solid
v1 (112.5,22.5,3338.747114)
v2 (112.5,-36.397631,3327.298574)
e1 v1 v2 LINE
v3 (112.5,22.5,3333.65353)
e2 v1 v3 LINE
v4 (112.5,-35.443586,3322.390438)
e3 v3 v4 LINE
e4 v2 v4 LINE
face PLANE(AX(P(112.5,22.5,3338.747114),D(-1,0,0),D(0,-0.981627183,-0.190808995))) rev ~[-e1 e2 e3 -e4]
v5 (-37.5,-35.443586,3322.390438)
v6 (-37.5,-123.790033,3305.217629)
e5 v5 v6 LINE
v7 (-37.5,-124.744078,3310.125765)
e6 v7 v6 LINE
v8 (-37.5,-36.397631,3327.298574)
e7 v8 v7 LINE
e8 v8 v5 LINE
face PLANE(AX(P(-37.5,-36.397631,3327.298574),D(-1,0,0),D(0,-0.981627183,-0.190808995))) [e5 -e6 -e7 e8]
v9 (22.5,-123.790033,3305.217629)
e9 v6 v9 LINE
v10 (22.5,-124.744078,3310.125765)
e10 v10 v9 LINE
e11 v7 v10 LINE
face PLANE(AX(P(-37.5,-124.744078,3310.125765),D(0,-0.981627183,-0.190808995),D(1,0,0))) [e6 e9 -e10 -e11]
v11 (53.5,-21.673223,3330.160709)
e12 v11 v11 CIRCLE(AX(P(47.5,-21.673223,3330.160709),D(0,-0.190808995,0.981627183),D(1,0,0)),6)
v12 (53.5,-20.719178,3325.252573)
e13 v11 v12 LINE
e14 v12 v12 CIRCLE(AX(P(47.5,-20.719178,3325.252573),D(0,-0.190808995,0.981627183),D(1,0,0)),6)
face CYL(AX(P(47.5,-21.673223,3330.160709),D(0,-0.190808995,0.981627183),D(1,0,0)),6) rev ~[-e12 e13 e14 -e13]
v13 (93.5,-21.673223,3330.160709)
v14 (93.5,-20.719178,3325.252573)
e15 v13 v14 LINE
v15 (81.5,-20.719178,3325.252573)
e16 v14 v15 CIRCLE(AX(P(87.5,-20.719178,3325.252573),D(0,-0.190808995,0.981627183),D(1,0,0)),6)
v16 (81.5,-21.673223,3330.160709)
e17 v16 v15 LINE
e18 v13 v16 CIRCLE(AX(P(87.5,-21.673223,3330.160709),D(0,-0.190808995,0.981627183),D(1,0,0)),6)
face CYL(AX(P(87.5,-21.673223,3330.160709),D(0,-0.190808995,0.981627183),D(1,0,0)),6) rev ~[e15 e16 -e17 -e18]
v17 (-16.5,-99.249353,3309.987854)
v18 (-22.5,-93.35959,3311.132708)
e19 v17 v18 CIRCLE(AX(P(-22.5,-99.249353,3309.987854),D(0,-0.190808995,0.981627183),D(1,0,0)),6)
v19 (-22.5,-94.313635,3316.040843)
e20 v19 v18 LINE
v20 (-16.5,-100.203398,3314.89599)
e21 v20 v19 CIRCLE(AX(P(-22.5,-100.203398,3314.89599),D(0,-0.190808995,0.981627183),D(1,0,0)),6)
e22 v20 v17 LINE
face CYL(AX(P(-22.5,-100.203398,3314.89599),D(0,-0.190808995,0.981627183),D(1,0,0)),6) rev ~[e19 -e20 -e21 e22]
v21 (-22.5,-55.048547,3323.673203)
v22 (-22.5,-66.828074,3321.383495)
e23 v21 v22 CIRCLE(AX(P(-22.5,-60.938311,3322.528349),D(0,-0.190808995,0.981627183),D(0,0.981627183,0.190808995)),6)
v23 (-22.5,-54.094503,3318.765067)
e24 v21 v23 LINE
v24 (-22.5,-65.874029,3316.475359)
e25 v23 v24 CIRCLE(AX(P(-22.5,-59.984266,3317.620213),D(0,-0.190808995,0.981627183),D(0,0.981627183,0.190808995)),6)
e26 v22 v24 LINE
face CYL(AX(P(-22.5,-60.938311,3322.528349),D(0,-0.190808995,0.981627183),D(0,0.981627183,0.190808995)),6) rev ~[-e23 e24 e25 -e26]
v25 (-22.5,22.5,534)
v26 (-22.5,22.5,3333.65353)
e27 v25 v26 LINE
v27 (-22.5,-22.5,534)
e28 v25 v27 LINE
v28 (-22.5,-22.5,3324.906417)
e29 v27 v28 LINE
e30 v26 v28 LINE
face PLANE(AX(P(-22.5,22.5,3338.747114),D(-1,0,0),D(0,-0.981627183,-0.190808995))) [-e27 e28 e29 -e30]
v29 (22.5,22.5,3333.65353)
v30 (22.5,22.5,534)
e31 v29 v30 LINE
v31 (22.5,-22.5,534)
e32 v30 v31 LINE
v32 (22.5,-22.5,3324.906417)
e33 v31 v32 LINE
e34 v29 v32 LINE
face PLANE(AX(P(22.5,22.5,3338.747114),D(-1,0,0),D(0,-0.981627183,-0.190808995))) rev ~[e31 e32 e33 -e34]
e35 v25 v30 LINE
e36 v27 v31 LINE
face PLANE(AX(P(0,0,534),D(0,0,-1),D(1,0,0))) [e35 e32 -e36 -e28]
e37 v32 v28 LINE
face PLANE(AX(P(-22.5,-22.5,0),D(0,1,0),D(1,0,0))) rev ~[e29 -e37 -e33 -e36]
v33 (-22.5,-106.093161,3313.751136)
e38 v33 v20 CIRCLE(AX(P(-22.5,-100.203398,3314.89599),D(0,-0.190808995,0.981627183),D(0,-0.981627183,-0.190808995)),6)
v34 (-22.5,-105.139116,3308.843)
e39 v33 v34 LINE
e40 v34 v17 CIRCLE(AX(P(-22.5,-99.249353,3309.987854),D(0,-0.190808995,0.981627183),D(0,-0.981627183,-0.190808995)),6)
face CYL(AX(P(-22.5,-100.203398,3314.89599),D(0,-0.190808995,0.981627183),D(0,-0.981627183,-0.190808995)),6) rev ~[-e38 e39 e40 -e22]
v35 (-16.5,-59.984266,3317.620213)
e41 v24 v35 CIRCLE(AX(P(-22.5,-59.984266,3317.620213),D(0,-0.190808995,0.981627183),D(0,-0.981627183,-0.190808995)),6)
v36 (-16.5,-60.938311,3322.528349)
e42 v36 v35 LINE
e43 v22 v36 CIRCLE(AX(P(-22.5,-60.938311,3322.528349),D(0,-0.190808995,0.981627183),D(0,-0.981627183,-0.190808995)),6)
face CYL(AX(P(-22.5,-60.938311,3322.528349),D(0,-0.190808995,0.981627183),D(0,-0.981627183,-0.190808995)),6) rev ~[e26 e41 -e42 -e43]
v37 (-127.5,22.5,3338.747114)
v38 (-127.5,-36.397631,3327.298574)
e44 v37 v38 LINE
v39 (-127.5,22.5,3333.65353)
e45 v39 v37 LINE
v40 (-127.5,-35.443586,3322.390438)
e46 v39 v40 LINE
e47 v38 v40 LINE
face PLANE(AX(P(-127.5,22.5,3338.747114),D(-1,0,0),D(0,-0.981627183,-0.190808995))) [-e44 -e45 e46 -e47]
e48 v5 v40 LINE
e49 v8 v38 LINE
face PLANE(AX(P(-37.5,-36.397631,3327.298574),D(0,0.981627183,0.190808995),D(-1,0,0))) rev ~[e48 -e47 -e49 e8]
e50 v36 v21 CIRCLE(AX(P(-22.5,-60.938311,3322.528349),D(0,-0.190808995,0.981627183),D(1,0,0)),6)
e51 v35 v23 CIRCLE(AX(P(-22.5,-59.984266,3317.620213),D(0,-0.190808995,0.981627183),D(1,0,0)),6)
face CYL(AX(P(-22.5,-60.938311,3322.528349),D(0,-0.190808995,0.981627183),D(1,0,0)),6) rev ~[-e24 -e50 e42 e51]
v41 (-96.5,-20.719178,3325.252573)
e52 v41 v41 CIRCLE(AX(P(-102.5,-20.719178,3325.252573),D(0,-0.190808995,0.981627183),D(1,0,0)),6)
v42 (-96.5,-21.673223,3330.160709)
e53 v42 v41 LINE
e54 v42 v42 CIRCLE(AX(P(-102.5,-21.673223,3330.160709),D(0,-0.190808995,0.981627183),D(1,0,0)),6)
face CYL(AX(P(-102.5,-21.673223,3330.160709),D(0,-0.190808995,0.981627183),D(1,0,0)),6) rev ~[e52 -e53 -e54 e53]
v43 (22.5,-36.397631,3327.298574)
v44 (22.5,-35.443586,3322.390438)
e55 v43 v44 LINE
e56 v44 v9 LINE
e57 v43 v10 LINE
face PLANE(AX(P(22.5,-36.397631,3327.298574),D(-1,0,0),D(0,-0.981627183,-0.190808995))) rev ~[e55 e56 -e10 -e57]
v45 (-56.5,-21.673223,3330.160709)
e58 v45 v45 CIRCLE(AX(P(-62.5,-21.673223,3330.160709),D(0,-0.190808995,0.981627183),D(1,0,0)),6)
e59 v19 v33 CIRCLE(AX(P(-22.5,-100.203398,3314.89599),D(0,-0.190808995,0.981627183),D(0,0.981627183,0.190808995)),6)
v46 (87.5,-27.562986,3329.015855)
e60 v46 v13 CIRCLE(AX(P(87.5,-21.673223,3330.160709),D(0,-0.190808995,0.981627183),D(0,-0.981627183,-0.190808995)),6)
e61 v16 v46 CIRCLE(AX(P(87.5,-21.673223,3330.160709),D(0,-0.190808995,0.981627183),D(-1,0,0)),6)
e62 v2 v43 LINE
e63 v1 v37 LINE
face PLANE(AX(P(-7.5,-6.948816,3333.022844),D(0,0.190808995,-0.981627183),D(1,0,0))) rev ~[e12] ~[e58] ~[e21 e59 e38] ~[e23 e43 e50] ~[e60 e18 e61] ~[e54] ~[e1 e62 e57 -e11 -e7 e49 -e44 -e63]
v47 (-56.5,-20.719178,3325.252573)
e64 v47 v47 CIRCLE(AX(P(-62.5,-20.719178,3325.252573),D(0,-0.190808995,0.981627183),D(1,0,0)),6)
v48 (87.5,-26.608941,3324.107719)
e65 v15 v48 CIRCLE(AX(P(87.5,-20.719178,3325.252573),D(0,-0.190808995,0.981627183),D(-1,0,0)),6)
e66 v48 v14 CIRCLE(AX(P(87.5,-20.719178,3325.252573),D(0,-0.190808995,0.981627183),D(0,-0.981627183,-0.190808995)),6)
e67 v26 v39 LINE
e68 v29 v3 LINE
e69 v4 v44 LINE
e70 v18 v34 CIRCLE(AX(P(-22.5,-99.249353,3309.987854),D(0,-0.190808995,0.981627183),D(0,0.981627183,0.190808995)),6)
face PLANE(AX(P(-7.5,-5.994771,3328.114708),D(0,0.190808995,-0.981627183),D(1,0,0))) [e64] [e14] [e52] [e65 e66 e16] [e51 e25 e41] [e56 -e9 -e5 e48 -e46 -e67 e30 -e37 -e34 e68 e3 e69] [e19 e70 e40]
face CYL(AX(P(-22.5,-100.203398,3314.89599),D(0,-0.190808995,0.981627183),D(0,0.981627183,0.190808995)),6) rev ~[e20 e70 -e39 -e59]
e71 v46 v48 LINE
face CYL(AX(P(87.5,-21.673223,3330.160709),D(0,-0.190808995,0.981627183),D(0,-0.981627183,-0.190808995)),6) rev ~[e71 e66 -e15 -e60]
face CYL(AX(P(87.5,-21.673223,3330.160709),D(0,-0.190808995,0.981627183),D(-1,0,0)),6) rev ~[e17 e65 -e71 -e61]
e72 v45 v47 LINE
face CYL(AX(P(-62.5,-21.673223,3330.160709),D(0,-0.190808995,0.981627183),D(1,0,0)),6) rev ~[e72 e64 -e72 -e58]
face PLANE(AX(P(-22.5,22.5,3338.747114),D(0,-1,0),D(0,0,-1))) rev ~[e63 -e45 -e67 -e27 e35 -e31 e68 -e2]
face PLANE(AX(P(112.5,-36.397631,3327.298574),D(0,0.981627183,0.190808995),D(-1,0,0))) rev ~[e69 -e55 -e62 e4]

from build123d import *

# Parameters (mm, degrees)
F0_W      = 45
F0_H      = 45
F1_DEPTH  = 3330
F6_W      = 45
F6_H      = 45.842251273
F7_DEPTH  = 25
F8_W      = 60
F8_H      = 60
F8_W_2    = 90
F8_H_2    = 90
F9_DEPTH  = 5
F10_R     = 6
F11_DEPTH = 25
F12_W     = 150
F12_H     = 4.7702248844
F13_DEPTH = 3358.6871623993
F15_DEPTH = 106.2
F16_W     = 45
F16_H     = 45
F17_DEPTH = 534


with BuildPart() as f1:
    # F0 (on Top) → F1 (new body)
    with BuildSketch(Plane.XY):
        Rectangle(F0_W, F0_H)
    extrude(amount=F1_DEPTH)

    # F6 (on face) → F7 (join)
    with BuildSketch(Plane(origin=(0, -624.5391596736, 3212.9754420296), x_dir=(1, 0, 0), z_dir=(0, 0.1908089954, -0.9816271834))):
        with Locations((0, -636.2284686128)):
            Rectangle(F6_W, F6_H)
    extrude(amount=F7_DEPTH)

    # F8 (on face) → F9 (join)
    with BuildSketch(Plane(origin=(0, -624.5391596736, 3212.9754420296), x_dir=(1, 0, 0), z_dir=(0, 0.1908089954, -0.9816271834))):
        with Locations((-7.5, -629.1495942493)):
            Rectangle(F8_W, F8_H)
        with Locations((-82.5, -629.1495942493)):
            Rectangle(F8_W_2, F8_H)
        with Locations((67.5, -629.1495942493)):
            Rectangle(F8_W_2, F8_H)
        with Locations((-7.5, -554.1495942493)):
            Rectangle(F8_W, F8_H_2)
    extrude(amount=F9_DEPTH)

    # F10 (on face) → F11 (cut)
    with BuildSketch(Plane(origin=(0, -624.5391596736, 3212.9754420296), x_dir=(1, 0, 0), z_dir=(0, -0.1908089954, 0.9816271834))):
        with BuildLine():
            ThreePointArc((81.5, 614.1495942493), (83.2573593129, 609.9069535622), (87.5, 608.1495942493))
            Line((87.5, 608.1495942493), (87.5, 614.1495942493))
            Line((87.5, 614.1495942493), (81.5, 614.1495942493))
        make_face()
        with Locations((47.5, 614.1495942493)):
            Circle(F10_R)
        with BuildLine():
            Line((87.5, 614.1495942493), (87.5, 608.1495942493))
            ThreePointArc((87.5, 608.1495942493), (91.7426406871, 609.9069535622), (93.5, 614.1495942493))
            ThreePointArc((93.5, 614.1495942493), (87.5, 620.1495942493), (81.5, 614.1495942493))
            Line((81.5, 614.1495942493), (87.5, 614.1495942493))
        make_face()
        with BuildLine():
            ThreePointArc((-22.5, 540.1495942493), (-28.5, 534.1495942493), (-22.5, 528.1495942493))
            Line((-22.5, 528.1495942493), (-22.5, 540.1495942493))
        make_face()
        with BuildLine():
            ThreePointArc((-22.5, 580.1495942493), (-28.5, 574.1495942493), (-22.5, 568.1495942493))
            Line((-22.5, 568.1495942493), (-22.5, 580.1495942493))
        make_face()
        with BuildLine():
            Line((-22.5, 580.1495942493), (-22.5, 568.1495942493))
            ThreePointArc((-22.5, 568.1495942493), (-18.2573593129, 569.9069535622), (-16.5, 574.1495942493))
            ThreePointArc((-16.5, 574.1495942493), (-18.2573593129, 578.3922349364), (-22.5, 580.1495942493))
        make_face()
        with BuildLine():
            Line((-22.5, 540.1495942493), (-22.5, 528.1495942493))
            ThreePointArc((-22.5, 528.1495942493), (-18.2573593129, 529.9069535622), (-16.5, 534.1495942493))
            ThreePointArc((-16.5, 534.1495942493), (-18.2573593129, 538.3922349364), (-22.5, 540.1495942493))
        make_face()
        with Locations((-62.5, 614.1495942493)):
            Circle(F10_R)
        with Locations((-102.5, 614.1495942493)):
            Circle(F10_R)
    extrude(amount=-F11_DEPTH, mode=Mode.SUBTRACT)

    # F12 (on Top) → F13 (cut)
    with BuildSketch(Plane.XY):
        with Locations((52.5, 24.8851124422)):
            Rectangle(F12_W, F12_H)
    extrude(amount=F13_DEPTH, mode=Mode.SUBTRACT)

    # F14 (on face) → F15 (cut)
    with BuildSketch(Plane.YZ.offset(-22.5)):
        Polygon((22.5, 3338.7471139112), (22.5, 3333.6535304364), (23.4540449769, 3333.838977994), align=None)
    extrude(amount=-F15_DEPTH, mode=Mode.SUBTRACT)

    # F16 (on face) → F17 (cut)
    with BuildSketch(Plane(origin=(0, 0, 0), x_dir=(1, 0, 0), z_dir=(0, 0, -1))):
        Rectangle(F16_W, F16_H)
    extrude(amount=-F17_DEPTH, mode=Mode.SUBTRACT)


solid = f1.part
